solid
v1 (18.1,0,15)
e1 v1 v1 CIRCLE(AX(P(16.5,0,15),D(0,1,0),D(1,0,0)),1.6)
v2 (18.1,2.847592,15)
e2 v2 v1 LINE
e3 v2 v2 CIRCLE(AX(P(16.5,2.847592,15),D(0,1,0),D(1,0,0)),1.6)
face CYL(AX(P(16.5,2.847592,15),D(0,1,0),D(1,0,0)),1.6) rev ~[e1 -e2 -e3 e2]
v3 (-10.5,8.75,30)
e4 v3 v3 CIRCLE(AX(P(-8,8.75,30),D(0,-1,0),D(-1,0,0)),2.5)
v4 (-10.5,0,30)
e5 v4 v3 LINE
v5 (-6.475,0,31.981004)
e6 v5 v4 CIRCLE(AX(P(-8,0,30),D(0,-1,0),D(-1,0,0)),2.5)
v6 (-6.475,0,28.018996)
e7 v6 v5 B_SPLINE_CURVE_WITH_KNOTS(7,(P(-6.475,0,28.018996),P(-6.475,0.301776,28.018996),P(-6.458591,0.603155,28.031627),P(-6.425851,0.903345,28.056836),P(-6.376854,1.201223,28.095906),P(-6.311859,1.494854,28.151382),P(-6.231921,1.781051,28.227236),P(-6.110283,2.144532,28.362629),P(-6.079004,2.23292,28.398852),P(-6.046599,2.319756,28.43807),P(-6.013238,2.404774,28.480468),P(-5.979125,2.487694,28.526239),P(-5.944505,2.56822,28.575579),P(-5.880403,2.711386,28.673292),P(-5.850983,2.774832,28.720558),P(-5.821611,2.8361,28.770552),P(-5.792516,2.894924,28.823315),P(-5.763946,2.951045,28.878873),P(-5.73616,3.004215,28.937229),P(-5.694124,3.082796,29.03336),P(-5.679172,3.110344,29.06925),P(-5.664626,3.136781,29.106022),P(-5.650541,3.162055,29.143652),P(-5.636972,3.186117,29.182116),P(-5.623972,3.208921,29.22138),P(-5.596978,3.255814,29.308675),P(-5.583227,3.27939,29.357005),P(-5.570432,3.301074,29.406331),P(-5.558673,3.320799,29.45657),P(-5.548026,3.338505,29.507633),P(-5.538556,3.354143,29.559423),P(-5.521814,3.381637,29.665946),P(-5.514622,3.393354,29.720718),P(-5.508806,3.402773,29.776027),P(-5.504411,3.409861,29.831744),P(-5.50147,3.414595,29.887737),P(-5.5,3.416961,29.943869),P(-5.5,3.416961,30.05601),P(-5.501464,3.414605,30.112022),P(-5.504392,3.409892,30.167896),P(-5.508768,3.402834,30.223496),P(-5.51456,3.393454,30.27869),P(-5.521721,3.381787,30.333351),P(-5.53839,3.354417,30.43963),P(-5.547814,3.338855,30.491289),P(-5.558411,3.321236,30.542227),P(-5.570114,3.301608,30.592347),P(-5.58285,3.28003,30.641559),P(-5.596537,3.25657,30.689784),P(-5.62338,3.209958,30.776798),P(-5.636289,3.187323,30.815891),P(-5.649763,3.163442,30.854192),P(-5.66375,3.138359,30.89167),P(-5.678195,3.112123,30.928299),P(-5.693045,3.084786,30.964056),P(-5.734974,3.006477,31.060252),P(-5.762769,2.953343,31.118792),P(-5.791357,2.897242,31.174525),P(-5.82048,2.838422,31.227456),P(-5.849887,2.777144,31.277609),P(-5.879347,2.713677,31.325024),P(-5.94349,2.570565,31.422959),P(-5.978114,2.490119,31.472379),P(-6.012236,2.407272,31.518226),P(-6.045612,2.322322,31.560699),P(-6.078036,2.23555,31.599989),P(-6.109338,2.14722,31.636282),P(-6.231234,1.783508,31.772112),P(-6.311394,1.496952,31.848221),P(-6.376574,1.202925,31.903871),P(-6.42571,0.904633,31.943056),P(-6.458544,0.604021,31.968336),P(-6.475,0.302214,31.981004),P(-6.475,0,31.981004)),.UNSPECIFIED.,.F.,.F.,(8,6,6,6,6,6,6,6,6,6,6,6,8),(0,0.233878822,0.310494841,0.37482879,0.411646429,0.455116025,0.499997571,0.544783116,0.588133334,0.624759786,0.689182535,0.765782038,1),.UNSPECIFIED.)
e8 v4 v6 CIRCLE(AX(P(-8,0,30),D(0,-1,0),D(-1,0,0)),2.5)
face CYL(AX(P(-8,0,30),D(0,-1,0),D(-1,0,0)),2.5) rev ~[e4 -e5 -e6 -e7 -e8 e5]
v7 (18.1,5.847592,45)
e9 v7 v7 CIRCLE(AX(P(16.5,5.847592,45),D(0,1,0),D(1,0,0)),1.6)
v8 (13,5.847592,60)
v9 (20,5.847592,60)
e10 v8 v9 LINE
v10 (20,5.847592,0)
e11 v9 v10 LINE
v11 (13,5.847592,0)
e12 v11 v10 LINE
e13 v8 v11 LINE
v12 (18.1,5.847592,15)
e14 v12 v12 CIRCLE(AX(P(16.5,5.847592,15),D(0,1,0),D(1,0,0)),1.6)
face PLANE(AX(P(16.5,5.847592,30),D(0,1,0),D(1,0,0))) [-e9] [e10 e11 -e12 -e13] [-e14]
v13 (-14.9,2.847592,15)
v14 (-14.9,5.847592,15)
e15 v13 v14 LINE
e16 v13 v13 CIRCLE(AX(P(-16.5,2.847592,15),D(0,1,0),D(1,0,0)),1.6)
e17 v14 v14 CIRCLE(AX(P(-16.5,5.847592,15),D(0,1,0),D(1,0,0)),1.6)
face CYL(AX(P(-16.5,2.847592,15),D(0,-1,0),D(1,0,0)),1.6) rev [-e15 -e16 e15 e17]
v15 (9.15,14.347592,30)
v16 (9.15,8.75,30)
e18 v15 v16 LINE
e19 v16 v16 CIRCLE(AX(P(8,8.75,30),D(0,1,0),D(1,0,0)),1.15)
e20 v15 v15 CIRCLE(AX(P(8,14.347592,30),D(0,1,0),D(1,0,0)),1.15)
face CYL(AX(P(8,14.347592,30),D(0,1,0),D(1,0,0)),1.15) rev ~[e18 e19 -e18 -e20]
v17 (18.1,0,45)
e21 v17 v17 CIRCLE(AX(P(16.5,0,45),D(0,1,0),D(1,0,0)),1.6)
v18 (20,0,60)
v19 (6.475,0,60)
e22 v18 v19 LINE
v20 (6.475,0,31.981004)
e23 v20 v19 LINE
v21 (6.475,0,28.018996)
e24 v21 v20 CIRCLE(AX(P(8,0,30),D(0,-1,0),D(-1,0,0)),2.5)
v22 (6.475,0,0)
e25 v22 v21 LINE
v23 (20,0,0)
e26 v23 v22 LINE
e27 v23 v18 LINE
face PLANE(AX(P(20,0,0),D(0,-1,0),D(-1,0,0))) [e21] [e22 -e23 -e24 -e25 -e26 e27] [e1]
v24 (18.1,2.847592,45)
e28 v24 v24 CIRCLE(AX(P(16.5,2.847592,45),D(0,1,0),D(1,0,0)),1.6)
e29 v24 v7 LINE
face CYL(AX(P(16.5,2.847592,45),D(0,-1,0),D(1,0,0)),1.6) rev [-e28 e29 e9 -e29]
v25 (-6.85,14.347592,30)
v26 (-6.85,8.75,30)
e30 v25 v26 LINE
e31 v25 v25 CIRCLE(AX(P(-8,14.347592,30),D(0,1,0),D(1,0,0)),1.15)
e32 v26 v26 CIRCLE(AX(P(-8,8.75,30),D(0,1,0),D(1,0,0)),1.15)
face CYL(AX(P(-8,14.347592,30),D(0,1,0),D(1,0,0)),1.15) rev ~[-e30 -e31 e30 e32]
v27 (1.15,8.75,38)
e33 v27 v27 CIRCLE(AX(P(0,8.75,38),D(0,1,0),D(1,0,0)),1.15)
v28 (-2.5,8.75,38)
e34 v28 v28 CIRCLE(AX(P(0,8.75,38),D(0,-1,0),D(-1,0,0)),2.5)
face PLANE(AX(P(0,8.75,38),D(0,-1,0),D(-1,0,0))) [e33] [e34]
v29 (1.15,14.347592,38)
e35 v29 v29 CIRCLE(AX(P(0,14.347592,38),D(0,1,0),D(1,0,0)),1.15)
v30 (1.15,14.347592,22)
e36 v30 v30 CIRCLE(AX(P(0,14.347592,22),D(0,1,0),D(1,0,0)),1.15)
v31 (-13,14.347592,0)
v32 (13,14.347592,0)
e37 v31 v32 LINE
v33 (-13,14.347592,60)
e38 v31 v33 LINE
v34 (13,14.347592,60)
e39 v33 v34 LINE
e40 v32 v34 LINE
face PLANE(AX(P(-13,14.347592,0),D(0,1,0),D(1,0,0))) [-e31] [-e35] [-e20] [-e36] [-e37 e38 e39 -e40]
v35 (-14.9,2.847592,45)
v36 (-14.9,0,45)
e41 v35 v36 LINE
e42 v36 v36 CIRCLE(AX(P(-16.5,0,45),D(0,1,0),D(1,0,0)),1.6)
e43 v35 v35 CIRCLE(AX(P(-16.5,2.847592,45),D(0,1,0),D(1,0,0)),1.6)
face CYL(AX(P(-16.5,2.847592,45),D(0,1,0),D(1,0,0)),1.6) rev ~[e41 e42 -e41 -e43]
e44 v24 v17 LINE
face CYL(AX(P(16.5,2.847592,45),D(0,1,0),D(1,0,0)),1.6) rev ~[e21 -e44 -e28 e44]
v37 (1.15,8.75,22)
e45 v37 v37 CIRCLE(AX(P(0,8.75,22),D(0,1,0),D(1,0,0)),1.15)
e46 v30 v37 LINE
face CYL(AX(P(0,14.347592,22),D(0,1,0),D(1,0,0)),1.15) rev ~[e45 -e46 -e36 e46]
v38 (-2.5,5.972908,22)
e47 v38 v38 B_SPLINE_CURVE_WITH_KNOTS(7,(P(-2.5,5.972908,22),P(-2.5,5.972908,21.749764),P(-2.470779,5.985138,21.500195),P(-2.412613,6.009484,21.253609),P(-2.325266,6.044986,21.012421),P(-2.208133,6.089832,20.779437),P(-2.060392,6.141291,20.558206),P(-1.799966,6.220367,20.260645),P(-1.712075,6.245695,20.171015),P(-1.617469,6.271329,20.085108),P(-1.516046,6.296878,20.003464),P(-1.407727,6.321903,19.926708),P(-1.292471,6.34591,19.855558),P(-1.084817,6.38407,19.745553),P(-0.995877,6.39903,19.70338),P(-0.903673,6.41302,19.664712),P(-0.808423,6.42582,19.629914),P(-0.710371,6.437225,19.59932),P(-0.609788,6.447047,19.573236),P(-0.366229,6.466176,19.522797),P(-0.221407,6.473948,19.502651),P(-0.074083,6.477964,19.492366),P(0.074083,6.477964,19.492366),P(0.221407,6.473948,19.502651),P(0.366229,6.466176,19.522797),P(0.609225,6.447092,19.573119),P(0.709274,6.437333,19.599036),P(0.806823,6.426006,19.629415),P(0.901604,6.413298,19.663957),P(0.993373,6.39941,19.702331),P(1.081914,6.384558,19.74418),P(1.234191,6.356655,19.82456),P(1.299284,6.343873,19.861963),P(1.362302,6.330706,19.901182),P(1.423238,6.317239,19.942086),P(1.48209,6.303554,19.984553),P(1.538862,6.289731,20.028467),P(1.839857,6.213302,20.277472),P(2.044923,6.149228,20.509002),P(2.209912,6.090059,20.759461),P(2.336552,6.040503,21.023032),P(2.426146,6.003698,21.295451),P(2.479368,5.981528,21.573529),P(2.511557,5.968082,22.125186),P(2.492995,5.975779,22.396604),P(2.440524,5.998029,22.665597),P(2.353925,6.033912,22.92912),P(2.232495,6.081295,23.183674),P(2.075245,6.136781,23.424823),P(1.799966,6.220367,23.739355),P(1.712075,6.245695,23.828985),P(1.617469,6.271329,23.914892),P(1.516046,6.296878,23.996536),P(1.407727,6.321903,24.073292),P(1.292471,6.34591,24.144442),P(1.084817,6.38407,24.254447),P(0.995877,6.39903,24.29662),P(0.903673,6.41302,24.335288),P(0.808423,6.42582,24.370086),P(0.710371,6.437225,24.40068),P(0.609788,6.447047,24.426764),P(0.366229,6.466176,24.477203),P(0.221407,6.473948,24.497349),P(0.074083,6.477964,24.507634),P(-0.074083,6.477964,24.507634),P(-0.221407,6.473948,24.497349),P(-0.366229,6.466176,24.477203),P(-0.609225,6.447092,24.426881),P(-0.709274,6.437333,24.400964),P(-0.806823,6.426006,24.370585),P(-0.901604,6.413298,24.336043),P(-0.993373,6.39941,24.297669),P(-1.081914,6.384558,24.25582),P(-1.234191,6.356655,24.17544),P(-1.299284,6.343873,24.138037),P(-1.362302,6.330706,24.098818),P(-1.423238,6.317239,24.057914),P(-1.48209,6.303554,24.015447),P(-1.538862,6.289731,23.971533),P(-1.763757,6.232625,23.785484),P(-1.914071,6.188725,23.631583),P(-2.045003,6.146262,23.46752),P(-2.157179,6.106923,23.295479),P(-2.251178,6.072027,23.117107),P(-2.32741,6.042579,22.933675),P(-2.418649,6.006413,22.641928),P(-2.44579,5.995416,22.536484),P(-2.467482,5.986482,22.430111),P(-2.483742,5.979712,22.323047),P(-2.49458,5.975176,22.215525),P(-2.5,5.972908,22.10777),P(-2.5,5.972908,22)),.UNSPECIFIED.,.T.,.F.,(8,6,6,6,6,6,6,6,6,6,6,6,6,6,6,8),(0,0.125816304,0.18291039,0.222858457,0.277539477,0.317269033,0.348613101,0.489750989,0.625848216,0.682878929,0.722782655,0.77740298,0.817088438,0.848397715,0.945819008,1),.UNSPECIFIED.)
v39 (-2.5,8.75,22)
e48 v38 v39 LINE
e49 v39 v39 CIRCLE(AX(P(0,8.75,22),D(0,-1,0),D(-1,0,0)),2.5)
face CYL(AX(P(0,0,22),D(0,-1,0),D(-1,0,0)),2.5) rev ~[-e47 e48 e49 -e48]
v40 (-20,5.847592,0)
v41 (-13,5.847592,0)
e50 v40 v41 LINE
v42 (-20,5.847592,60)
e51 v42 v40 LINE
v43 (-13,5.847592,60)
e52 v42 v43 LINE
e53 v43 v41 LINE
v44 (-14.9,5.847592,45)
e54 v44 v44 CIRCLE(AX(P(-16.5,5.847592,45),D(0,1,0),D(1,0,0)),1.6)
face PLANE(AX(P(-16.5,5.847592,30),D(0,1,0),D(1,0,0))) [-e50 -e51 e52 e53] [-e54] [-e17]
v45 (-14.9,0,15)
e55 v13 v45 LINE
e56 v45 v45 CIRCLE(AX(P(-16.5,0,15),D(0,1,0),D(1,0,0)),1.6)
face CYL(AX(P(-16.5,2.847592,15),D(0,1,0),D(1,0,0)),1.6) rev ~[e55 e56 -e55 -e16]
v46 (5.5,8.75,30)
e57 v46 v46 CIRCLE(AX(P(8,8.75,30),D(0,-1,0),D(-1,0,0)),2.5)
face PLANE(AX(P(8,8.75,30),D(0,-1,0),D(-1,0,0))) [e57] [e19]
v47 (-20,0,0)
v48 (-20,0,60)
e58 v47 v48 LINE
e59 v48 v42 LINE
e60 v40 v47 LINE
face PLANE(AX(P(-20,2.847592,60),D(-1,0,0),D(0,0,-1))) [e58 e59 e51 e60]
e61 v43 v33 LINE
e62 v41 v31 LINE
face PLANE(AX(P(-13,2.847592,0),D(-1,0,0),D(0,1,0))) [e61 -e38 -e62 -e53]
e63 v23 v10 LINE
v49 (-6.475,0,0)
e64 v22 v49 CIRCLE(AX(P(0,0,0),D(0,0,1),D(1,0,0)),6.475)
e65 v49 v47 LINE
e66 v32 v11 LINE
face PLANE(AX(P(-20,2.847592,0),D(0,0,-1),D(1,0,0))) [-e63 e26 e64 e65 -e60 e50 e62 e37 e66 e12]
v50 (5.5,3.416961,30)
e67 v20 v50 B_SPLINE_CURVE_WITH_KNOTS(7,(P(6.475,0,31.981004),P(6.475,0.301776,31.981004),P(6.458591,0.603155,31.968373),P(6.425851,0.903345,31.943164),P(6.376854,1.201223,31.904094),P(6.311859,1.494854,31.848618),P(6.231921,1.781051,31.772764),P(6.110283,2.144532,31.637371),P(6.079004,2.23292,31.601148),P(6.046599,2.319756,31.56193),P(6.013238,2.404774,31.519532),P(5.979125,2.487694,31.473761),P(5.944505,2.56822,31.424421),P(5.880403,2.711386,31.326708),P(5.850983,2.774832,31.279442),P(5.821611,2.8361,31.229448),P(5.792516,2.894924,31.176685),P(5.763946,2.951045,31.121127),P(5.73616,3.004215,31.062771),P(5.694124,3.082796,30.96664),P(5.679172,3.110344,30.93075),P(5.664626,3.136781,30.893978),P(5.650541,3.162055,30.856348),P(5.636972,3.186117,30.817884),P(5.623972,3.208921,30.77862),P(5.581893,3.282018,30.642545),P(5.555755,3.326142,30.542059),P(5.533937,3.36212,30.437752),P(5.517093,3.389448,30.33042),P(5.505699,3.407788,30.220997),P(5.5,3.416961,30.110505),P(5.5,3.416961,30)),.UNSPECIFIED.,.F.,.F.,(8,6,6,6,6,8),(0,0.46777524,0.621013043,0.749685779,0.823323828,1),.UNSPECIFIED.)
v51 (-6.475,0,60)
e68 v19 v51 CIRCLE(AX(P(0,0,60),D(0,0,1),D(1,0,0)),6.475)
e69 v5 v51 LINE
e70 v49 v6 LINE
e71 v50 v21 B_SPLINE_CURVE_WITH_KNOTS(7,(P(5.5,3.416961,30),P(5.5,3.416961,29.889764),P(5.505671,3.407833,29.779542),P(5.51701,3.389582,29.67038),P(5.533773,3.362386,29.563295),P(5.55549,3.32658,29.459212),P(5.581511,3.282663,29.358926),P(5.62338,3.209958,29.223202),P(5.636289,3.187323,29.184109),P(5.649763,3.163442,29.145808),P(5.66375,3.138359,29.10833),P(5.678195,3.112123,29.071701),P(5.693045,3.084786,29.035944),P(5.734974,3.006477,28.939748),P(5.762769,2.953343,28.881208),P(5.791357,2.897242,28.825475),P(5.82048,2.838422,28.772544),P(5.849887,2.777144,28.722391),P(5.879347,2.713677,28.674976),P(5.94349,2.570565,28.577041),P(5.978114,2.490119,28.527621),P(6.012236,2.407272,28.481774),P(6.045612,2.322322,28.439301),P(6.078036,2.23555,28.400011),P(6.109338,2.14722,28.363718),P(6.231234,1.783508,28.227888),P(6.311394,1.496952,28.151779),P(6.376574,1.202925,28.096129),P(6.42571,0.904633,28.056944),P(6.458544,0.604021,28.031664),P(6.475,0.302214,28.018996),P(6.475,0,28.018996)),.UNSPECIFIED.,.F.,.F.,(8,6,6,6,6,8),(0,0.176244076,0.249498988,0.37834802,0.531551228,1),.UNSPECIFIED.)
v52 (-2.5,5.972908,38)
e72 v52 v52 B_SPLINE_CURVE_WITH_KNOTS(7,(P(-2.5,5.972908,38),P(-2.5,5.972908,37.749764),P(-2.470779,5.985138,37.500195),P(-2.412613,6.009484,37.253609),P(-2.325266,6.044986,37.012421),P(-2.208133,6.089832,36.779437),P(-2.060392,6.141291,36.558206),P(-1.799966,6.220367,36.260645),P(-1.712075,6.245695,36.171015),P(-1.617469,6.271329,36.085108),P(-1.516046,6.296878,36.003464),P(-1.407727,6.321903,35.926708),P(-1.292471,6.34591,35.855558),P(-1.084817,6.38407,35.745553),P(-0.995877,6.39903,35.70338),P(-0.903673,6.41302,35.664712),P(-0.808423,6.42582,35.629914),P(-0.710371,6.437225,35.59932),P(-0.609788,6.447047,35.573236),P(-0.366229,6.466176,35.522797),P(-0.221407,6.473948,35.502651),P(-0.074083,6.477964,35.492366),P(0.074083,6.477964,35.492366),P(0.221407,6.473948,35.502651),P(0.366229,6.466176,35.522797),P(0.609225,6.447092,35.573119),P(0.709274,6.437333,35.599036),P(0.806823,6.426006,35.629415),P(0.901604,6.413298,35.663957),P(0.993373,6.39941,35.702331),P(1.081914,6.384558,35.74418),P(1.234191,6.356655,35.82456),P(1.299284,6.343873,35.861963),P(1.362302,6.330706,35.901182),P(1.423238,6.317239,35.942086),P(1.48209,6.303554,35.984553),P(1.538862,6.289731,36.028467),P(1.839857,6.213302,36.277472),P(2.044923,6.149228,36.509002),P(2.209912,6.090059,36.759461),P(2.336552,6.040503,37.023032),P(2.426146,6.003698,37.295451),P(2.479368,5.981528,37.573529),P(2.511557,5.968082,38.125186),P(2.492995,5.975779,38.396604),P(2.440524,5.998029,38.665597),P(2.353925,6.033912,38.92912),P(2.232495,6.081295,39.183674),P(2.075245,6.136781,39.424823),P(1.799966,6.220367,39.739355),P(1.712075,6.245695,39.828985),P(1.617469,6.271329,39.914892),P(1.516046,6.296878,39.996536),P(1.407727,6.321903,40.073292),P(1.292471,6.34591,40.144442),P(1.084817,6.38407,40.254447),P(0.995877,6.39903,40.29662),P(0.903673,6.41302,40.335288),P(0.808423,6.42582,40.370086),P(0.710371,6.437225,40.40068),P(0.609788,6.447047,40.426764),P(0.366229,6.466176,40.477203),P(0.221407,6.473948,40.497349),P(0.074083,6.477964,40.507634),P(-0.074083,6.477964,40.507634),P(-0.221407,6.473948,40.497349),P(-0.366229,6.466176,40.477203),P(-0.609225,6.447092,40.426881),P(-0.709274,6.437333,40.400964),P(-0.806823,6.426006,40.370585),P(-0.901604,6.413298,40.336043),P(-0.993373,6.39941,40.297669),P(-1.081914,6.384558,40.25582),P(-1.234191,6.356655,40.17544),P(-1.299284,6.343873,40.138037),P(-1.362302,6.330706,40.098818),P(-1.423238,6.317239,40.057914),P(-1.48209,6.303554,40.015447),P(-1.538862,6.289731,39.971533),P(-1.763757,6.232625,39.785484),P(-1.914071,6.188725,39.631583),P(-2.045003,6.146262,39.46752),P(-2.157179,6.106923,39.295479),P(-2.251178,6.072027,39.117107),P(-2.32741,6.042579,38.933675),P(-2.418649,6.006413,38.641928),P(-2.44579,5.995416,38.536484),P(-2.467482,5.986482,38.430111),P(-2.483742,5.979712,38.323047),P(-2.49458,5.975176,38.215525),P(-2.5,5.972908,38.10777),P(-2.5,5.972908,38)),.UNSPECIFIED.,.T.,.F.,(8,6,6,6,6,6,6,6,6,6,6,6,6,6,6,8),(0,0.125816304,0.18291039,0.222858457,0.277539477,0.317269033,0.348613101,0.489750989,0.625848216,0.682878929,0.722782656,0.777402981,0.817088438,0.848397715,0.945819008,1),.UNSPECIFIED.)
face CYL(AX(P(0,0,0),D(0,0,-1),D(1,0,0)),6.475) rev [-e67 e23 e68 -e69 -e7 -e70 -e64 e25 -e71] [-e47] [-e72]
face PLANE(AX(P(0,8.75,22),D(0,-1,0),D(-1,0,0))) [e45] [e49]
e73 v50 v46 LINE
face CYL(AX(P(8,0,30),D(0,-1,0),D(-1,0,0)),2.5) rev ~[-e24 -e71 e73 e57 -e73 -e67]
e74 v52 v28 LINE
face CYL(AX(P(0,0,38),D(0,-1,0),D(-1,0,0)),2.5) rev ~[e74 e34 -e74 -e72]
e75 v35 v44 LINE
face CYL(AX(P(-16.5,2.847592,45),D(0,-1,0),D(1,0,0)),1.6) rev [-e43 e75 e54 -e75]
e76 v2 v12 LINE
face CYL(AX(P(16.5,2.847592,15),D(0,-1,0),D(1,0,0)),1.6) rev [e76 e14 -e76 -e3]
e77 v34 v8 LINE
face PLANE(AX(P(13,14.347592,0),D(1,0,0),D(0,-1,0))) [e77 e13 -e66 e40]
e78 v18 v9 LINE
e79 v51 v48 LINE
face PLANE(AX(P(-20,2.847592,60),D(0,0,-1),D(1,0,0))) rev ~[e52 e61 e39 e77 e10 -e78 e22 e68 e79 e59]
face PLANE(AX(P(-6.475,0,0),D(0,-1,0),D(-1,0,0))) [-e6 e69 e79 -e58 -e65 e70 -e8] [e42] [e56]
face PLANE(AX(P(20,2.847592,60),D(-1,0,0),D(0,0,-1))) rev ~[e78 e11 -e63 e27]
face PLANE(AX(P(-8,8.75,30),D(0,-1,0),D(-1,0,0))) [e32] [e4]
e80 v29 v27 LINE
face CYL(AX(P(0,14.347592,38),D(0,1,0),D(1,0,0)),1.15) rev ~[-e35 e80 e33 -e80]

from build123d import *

# Parameters (mm, degrees)
BOSS_EXTRUDE6_DEPTH = 60
SKETCH9_R           = 1.6
CUT_EXTRUDE3_DEPTH  = 50
SKETCH10_R          = 1.15
CUT_EXTRUDE5_DEPTH  = 22.05
SKETCH11_W          = 7
SKETCH11_H          = 60
SKETCH11_R          = 1.6
BOSS_EXTRUDE7_DEPTH = 3
SKETCH12_W          = 7
SKETCH12_H          = 60
SKETCH12_R          = 1.6
BOSS_EXTRUDE8_DEPTH = 3
SKETCH16_R          = 2.5
CUT_EXTRUDE9_DEPTH  = 8.75
SKETCH17_R          = 2.5
CUT_EXTRUDE10_DEPTH = 8.75


with BuildPart() as part:
    # Sketch2 → Boss-Extrude6 (new body)
    with BuildSketch(Plane.XY):
        with BuildLine():
            ThreePointArc((6.475, 0), (0, 6.475), (-6.475, 0))
            Line((-6.475, 0), (-20, 0))
            Line((-20, 0), (-20, 2.847591854))
            Line((-20, 2.847591854), (-13, 2.847591854))
            Line((-13, 2.847591854), (-13, 14.347591854))
            Line((-13, 14.347591854), (13, 14.347591854))
            Line((13, 14.347591854), (13, 2.847591854))
            Line((13, 2.847591854), (20, 2.847591854))
            Line((20, 2.847591854), (20, 0))
            Line((20, 0), (6.475, 0))
        make_face()
    extrude(amount=BOSS_EXTRUDE6_DEPTH)

    # Sketch9 → Cut-Extrude3 (cut)
    with BuildSketch(Plane(origin=(0, 2.847591854, 0), x_dir=(1, 0, 0), z_dir=(0, 1, 0))):
        with Locations((-16.5, -15)):
            Circle(SKETCH9_R)
        with Locations((-16.5, -45)):
            Circle(SKETCH9_R)
        with Locations((16.5, -15)):
            Circle(SKETCH9_R)
        with Locations((16.5, -45)):
            Circle(SKETCH9_R)
    extrude(amount=-CUT_EXTRUDE3_DEPTH, mode=Mode.SUBTRACT)

    # Sketch10 → Cut-Extrude5 (cut)
    with BuildSketch(Plane(origin=(0, 14.347591854, 0), x_dir=(1, 0, 0), z_dir=(0, 1, 0))):
        with Locations((0, -22)):
            Circle(SKETCH10_R)
        with Locations((8, -30)):
            Circle(SKETCH10_R)
        with Locations((-8, -30)):
            Circle(SKETCH10_R)
        with Locations((0, -38)):
            Circle(SKETCH10_R)
    extrude(amount=-CUT_EXTRUDE5_DEPTH, mode=Mode.SUBTRACT)

    # Sketch11 → Boss-Extrude7 (add)
    with BuildSketch(Plane(origin=(0, 2.847591854, 0), x_dir=(1, 0, 0), z_dir=(0, 1, 0))):
        with Locations((16.5, -30)):
            Rectangle(SKETCH11_W, SKETCH11_H)
        with Locations((16.5, -45)):
            Circle(SKETCH11_R, mode=Mode.SUBTRACT)
        with Locations((16.5, -15)):
            Circle(SKETCH11_R, mode=Mode.SUBTRACT)
    extrude(amount=BOSS_EXTRUDE7_DEPTH)

    # Sketch12 → Boss-Extrude8 (add)
    with BuildSketch(Plane(origin=(0, 2.847591854, 0), x_dir=(1, 0, 0), z_dir=(0, 1, 0))):
        with Locations((-16.5, -30)):
            Rectangle(SKETCH12_W, SKETCH12_H)
        with Locations((-16.5, -45)):
            Circle(SKETCH12_R, mode=Mode.SUBTRACT)
        with Locations((-16.5, -15)):
            Circle(SKETCH12_R, mode=Mode.SUBTRACT)
    extrude(amount=BOSS_EXTRUDE8_DEPTH)

    # Sketch16 → Cut-Extrude9 (cut)
    with BuildSketch(Plane(origin=(0, 0, 0), x_dir=(-1, 0, 0), z_dir=(0, -1, 0))):
        with Locations((0, -22)):
            Circle(SKETCH16_R)
        with Locations((0, -38)):
            Circle(SKETCH16_R)
    extrude(amount=-CUT_EXTRUDE9_DEPTH, mode=Mode.SUBTRACT)

    # Sketch17 → Cut-Extrude10 (cut)
    with BuildSketch(Plane(origin=(0, 0, 0), x_dir=(-1, 0, 0), z_dir=(0, -1, 0))):
        with Locations((-8, -30)):
            Circle(SKETCH17_R)
        with Locations((8, -30)):
            Circle(SKETCH17_R)
    extrude(amount=-CUT_EXTRUDE10_DEPTH, mode=Mode.SUBTRACT)


solid = part.part
